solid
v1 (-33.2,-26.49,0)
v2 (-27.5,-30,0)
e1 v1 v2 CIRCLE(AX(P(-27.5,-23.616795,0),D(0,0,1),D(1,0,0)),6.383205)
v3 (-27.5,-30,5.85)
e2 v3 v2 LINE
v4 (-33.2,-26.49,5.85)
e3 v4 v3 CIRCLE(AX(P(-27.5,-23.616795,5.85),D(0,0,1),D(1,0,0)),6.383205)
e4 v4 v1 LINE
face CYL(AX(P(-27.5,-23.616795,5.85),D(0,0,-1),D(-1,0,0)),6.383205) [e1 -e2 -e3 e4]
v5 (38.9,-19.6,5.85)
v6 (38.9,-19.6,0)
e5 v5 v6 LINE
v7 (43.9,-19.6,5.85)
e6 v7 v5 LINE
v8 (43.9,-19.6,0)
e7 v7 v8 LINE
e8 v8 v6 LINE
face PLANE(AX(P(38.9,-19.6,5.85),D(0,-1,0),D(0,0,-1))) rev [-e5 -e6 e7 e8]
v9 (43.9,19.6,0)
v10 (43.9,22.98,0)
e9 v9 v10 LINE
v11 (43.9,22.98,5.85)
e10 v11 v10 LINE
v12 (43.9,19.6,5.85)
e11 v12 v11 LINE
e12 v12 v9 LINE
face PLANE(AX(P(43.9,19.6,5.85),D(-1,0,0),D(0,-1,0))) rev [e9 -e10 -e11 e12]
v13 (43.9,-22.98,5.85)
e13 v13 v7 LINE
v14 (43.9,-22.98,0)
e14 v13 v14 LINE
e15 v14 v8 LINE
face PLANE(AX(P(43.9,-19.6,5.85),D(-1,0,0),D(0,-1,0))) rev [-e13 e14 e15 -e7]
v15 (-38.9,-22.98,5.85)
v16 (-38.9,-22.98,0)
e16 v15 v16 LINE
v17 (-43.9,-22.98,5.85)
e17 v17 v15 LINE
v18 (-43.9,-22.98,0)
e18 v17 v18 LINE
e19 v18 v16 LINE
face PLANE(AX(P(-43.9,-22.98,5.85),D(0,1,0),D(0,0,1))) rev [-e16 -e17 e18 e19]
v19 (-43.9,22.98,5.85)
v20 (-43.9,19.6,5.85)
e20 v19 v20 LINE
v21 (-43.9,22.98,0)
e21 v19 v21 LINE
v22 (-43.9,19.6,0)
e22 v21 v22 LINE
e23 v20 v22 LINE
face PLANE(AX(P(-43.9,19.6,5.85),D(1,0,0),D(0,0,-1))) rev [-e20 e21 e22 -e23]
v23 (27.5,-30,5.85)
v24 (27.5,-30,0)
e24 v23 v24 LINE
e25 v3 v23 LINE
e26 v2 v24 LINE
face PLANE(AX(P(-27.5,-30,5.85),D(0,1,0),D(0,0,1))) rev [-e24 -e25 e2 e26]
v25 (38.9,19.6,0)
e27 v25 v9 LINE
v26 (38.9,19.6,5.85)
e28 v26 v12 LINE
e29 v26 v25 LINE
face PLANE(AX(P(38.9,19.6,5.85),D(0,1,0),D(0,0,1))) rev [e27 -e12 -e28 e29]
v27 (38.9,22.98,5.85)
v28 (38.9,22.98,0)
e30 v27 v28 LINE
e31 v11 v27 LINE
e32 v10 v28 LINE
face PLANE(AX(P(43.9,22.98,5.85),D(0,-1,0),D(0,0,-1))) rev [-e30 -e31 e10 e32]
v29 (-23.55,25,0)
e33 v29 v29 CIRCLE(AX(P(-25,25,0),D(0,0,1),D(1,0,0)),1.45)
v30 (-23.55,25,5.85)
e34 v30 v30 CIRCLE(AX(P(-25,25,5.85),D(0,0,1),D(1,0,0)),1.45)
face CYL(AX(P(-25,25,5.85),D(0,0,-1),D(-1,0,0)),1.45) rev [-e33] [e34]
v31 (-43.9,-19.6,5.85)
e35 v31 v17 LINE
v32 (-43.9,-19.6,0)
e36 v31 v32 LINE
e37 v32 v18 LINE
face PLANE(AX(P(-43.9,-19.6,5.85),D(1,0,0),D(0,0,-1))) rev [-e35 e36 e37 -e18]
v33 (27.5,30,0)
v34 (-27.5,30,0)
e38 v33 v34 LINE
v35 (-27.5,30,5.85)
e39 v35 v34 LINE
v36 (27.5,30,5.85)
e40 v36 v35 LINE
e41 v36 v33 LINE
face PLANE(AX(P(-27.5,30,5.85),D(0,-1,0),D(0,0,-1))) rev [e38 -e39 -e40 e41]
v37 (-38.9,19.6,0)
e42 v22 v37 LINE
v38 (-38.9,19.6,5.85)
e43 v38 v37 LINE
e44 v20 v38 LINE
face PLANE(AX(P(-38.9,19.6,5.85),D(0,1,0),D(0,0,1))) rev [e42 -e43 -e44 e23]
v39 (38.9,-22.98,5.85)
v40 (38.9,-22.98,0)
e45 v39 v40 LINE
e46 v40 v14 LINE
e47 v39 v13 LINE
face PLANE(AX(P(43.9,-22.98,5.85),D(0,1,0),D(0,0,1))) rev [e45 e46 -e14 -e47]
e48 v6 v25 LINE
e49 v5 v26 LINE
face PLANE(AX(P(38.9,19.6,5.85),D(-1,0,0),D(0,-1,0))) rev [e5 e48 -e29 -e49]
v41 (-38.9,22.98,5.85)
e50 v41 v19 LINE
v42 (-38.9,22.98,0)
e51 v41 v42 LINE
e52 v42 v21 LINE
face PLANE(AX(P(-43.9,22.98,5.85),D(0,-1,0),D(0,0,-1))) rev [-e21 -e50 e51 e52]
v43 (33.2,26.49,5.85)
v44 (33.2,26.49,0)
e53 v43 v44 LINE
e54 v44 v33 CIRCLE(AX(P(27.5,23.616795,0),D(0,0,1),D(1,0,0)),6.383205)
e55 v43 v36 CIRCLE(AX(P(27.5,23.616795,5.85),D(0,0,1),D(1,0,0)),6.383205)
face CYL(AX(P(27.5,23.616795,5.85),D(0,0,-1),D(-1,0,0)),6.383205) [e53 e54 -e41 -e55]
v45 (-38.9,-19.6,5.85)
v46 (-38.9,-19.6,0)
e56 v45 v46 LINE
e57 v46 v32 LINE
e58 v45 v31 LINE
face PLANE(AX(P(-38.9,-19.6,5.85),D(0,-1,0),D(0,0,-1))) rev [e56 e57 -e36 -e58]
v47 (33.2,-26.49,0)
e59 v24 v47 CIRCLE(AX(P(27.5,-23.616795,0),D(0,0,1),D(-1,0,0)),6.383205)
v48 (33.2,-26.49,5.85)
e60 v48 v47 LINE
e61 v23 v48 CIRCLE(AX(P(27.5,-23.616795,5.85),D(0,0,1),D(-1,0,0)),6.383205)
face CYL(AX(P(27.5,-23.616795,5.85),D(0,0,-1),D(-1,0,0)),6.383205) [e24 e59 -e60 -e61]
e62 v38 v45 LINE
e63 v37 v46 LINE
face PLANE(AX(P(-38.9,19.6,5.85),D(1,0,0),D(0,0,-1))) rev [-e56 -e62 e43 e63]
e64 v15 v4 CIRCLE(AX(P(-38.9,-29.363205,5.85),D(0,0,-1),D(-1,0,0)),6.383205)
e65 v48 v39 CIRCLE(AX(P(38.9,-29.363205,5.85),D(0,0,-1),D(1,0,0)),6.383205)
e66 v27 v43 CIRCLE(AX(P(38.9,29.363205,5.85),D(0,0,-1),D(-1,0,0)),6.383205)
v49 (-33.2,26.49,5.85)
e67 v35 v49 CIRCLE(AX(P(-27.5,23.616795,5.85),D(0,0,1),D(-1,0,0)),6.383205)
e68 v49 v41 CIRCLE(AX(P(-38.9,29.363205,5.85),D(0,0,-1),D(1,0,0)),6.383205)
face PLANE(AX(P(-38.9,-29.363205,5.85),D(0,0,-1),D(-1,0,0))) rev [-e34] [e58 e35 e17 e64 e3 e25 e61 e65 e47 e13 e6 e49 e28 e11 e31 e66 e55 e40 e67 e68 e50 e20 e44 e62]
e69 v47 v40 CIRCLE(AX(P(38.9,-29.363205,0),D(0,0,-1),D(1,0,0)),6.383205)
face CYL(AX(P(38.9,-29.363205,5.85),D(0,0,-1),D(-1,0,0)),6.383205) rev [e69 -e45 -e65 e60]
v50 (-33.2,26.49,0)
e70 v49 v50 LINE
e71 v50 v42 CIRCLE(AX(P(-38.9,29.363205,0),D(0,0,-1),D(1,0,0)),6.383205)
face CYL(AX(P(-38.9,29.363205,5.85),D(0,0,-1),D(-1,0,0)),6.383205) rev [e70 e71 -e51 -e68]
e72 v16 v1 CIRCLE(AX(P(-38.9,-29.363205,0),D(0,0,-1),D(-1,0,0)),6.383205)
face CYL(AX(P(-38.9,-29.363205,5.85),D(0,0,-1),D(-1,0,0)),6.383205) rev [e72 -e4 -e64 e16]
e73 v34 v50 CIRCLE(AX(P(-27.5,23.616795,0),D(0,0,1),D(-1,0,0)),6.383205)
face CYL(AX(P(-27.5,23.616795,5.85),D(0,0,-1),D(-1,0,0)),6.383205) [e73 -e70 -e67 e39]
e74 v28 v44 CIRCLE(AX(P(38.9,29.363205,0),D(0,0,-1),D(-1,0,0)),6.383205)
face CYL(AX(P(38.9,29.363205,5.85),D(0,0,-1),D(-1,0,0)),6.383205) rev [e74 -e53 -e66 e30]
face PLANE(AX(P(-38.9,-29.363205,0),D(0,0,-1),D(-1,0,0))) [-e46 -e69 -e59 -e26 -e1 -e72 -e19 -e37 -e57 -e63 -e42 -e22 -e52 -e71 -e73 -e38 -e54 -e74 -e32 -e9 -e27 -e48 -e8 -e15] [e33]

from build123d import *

# Parameters (mm, degrees)
SKETCH1_R           = 1.45
BOSS_EXTRUDE1_DEPTH = 5.85


with BuildPart() as part:
    # Sketch1 → Boss-Extrude1 (new body)
    with BuildSketch(Plane.XY):
        with BuildLine():
            Line((-38.9, 19.6), (-38.9, -19.6))
            Line((-38.9, -19.6), (-43.9, -19.6))
            Line((-43.9, -19.6), (-43.9, -22.98))
            Line((-43.9, -22.98), (-38.9, -22.98))
            ThreePointArc((-38.9, -22.98), (-35.552982671, -23.927877842), (-33.2, -26.49))
            ThreePointArc((-33.2, -26.49), (-30.847017329, -29.052122158), (-27.5, -30))
            Line((-27.5, -30), (27.5, -30))
            ThreePointArc((27.5, -30), (30.847017329, -29.052122158), (33.2, -26.49))
            ThreePointArc((33.2, -26.49), (35.552982671, -23.927877842), (38.9, -22.98))
            Line((38.9, -22.98), (43.9, -22.98))
            Line((43.9, -22.98), (43.9, -19.6))
            Line((43.9, -19.6), (38.9, -19.6))
            Line((38.9, -19.6), (38.9, 19.6))
            Line((38.9, 19.6), (43.9, 19.6))
            Line((43.9, 19.6), (43.9, 22.98))
            Line((43.9, 22.98), (38.9, 22.98))
            ThreePointArc((38.9, 22.98), (35.552982671, 23.927877842), (33.2, 26.49))
            ThreePointArc((33.2, 26.49), (30.847017329, 29.052122158), (27.5, 30))
            Line((27.5, 30), (-27.5, 30))
            ThreePointArc((-27.5, 30), (-30.847017329, 29.052122158), (-33.2, 26.49))
            ThreePointArc((-33.2, 26.49), (-35.552982671, 23.927877842), (-38.9, 22.98))
            Line((-38.9, 22.98), (-43.9, 22.98))
            Line((-43.9, 22.98), (-43.9, 19.6))
            Line((-43.9, 19.6), (-38.9, 19.6))
        make_face()
        with Locations((-25, 25)):
            Circle(SKETCH1_R, mode=Mode.SUBTRACT)
    extrude(amount=BOSS_EXTRUDE1_DEPTH)


solid = part.part
